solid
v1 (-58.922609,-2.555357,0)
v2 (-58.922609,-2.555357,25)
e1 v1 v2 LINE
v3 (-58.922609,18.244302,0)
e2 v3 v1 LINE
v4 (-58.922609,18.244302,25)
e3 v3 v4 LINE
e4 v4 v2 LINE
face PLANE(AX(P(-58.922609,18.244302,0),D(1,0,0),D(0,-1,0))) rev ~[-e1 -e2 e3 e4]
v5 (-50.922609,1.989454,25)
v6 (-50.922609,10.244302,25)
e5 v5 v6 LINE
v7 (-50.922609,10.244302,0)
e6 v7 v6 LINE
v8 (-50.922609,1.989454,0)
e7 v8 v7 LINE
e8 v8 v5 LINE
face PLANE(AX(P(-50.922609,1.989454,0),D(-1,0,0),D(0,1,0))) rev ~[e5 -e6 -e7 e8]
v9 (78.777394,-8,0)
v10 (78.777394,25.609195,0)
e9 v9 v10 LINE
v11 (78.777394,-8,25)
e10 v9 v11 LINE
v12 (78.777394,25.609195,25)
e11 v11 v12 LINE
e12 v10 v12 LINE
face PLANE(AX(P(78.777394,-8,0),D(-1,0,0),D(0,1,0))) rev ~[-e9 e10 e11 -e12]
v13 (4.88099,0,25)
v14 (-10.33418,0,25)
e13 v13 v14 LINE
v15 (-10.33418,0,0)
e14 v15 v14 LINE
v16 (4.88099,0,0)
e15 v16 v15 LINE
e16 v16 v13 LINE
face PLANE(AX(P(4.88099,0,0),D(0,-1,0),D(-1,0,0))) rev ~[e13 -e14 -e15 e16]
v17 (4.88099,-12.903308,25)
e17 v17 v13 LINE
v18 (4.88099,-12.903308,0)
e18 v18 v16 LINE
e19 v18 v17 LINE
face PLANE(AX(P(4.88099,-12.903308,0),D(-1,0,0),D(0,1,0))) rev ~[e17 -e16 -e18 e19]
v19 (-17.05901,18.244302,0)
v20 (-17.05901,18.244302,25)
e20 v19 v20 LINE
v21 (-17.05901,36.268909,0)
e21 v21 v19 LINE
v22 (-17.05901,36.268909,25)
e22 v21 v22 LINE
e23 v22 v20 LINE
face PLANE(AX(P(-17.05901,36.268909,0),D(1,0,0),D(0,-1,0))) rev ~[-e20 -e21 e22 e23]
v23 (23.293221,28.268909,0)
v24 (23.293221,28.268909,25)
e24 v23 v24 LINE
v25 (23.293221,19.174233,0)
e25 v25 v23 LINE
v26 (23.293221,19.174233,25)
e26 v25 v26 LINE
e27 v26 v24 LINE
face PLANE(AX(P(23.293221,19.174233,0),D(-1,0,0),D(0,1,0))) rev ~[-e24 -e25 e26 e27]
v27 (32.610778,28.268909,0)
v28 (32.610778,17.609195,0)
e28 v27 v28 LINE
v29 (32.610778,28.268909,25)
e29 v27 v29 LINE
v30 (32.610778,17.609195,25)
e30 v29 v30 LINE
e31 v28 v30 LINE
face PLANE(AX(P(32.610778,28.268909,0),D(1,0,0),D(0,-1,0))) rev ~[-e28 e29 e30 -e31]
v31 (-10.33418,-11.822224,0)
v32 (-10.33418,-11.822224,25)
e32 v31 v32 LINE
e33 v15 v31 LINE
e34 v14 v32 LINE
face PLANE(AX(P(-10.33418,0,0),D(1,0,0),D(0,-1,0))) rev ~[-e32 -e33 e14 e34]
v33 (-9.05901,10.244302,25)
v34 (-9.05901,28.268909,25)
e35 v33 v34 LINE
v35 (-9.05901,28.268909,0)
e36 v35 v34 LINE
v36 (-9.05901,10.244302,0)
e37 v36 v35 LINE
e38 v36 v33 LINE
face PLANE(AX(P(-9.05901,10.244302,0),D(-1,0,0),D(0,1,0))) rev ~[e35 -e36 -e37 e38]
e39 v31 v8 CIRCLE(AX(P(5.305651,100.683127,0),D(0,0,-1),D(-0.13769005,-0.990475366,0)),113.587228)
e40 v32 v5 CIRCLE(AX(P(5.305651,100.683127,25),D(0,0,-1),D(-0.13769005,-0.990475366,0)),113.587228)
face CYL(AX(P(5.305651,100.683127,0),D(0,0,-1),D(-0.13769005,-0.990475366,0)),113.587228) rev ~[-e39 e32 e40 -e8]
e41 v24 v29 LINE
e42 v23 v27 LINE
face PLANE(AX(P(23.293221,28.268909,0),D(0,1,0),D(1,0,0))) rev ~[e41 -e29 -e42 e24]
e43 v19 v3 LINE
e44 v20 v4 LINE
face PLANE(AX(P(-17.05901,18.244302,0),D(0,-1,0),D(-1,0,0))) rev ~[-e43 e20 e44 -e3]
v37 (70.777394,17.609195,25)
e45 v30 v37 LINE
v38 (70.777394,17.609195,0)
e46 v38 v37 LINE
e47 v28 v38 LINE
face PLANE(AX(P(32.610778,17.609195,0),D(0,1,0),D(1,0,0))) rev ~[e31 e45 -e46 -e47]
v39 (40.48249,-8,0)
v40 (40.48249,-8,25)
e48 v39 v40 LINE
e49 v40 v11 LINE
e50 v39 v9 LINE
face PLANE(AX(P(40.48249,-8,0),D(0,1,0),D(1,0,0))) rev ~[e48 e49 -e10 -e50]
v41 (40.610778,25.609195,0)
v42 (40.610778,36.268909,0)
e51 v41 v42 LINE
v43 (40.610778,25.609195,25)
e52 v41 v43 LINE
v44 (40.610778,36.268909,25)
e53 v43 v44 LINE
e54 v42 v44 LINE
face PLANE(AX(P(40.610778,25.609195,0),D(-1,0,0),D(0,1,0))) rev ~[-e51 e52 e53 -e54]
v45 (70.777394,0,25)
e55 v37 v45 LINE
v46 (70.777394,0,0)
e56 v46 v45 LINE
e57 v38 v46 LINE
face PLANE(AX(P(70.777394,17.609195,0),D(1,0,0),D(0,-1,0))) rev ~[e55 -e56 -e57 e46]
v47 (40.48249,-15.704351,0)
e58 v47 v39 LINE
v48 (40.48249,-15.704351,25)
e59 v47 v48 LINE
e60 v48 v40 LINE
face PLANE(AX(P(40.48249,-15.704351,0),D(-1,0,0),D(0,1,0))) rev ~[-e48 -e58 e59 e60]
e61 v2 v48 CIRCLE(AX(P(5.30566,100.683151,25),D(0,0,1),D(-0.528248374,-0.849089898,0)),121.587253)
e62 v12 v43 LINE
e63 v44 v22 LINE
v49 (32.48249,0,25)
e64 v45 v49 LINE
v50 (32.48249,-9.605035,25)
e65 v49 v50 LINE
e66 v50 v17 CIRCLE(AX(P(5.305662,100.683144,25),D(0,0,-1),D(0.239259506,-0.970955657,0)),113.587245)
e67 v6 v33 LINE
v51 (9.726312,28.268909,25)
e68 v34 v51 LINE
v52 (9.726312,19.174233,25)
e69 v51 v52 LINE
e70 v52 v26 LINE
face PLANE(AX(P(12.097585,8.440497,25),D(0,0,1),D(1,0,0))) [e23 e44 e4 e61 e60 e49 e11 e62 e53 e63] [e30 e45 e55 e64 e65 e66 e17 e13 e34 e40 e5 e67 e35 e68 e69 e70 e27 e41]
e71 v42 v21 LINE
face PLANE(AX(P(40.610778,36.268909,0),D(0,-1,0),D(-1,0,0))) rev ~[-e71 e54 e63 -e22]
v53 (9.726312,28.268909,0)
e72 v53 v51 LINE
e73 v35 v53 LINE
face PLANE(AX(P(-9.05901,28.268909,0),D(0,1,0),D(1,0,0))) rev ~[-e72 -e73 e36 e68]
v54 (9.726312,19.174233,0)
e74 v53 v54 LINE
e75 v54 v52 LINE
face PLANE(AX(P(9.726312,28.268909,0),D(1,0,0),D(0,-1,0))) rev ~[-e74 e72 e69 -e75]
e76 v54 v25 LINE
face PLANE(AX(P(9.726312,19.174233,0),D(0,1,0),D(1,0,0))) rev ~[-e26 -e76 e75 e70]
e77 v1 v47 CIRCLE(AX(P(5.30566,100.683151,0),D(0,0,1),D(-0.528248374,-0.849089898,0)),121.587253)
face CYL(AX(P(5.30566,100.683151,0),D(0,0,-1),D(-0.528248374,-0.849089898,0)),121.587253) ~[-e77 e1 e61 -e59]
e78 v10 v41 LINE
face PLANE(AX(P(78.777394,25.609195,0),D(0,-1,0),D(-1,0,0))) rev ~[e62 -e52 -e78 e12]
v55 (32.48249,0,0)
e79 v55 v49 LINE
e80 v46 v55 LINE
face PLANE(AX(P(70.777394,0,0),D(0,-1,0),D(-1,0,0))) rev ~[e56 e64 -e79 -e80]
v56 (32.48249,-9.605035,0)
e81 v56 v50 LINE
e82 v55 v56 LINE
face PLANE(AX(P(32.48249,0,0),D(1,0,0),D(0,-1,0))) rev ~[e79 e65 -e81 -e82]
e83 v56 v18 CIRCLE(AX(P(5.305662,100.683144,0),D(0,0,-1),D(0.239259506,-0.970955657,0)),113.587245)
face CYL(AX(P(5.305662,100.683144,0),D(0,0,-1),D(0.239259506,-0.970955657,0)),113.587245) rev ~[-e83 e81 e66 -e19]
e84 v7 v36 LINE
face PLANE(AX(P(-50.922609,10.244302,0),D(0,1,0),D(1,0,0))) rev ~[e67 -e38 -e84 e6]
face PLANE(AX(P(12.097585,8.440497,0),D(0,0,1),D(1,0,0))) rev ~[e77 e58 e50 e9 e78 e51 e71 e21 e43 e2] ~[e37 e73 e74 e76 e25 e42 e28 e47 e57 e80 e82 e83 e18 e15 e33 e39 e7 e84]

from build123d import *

# Parameters (mm, degrees)
F1_DEPTH = 25


with BuildPart() as f1:
    # F0 (on Top) → F1 (new body)
    with BuildSketch(Plane.XY):
        with BuildLine():
            Line((40.610778, 25.609195), (40.610778, 36.268909))
            Line((40.610778, 36.268909), (-17.05901, 36.268909))
            Line((-17.05901, 36.268909), (-17.05901, 18.244302))
            Line((-17.05901, 18.244302), (-58.922609, 18.244302))
            Line((-58.922609, 18.244302), (-58.922609, -2.555357))
            ThreePointArc((-58.922609, -2.555357), (-10.638635, -19.854144), (40.48249, -15.704351))
            Line((40.48249, -15.704351), (40.48249, -8))
            Line((40.48249, -8), (78.777394, -8))
            Line((78.777394, -8), (78.777394, 25.609195))
            Line((78.777394, 25.609195), (40.610778, 25.609195))
        make_face()
        with BuildLine():
            ThreePointArc((-10.33418, -11.822224), (-31.285963, -6.848785), (-50.922609, 1.989454))
            Line((-50.922609, 1.989454), (-50.922609, 10.244302))
            Line((-50.922609, 10.244302), (-9.05901, 10.244302))
            Line((-9.05901, 10.244302), (-9.05901, 28.268909))
            Line((-9.05901, 28.268909), (9.726312, 28.268909))
            Line((9.726312, 28.268909), (9.726312, 19.174233))
            Line((9.726312, 19.174233), (23.293221, 19.174233))
            Line((23.293221, 19.174233), (23.293221, 28.268909))
            Line((23.293221, 28.268909), (32.610778, 28.268909))
            Line((32.610778, 28.268909), (32.610778, 17.609195))
            Line((32.610778, 17.609195), (70.777394, 17.609195))
            Line((70.777394, 17.609195), (70.777394, 0))
            Line((70.777394, 0), (32.48249, 0))
            Line((32.48249, 0), (32.48249, -9.605035))
            ThreePointArc((32.48249, -9.605035), (18.783018, -12.10171), (4.88099, -12.903308))
            Line((4.88099, -12.903308), (4.88099, 0))
            Line((4.88099, 0), (-10.33418, 0))
            Line((-10.33418, 0), (-10.33418, -11.822224))
        make_face(mode=Mode.SUBTRACT)
    extrude(amount=F1_DEPTH)


solid = f1.part
